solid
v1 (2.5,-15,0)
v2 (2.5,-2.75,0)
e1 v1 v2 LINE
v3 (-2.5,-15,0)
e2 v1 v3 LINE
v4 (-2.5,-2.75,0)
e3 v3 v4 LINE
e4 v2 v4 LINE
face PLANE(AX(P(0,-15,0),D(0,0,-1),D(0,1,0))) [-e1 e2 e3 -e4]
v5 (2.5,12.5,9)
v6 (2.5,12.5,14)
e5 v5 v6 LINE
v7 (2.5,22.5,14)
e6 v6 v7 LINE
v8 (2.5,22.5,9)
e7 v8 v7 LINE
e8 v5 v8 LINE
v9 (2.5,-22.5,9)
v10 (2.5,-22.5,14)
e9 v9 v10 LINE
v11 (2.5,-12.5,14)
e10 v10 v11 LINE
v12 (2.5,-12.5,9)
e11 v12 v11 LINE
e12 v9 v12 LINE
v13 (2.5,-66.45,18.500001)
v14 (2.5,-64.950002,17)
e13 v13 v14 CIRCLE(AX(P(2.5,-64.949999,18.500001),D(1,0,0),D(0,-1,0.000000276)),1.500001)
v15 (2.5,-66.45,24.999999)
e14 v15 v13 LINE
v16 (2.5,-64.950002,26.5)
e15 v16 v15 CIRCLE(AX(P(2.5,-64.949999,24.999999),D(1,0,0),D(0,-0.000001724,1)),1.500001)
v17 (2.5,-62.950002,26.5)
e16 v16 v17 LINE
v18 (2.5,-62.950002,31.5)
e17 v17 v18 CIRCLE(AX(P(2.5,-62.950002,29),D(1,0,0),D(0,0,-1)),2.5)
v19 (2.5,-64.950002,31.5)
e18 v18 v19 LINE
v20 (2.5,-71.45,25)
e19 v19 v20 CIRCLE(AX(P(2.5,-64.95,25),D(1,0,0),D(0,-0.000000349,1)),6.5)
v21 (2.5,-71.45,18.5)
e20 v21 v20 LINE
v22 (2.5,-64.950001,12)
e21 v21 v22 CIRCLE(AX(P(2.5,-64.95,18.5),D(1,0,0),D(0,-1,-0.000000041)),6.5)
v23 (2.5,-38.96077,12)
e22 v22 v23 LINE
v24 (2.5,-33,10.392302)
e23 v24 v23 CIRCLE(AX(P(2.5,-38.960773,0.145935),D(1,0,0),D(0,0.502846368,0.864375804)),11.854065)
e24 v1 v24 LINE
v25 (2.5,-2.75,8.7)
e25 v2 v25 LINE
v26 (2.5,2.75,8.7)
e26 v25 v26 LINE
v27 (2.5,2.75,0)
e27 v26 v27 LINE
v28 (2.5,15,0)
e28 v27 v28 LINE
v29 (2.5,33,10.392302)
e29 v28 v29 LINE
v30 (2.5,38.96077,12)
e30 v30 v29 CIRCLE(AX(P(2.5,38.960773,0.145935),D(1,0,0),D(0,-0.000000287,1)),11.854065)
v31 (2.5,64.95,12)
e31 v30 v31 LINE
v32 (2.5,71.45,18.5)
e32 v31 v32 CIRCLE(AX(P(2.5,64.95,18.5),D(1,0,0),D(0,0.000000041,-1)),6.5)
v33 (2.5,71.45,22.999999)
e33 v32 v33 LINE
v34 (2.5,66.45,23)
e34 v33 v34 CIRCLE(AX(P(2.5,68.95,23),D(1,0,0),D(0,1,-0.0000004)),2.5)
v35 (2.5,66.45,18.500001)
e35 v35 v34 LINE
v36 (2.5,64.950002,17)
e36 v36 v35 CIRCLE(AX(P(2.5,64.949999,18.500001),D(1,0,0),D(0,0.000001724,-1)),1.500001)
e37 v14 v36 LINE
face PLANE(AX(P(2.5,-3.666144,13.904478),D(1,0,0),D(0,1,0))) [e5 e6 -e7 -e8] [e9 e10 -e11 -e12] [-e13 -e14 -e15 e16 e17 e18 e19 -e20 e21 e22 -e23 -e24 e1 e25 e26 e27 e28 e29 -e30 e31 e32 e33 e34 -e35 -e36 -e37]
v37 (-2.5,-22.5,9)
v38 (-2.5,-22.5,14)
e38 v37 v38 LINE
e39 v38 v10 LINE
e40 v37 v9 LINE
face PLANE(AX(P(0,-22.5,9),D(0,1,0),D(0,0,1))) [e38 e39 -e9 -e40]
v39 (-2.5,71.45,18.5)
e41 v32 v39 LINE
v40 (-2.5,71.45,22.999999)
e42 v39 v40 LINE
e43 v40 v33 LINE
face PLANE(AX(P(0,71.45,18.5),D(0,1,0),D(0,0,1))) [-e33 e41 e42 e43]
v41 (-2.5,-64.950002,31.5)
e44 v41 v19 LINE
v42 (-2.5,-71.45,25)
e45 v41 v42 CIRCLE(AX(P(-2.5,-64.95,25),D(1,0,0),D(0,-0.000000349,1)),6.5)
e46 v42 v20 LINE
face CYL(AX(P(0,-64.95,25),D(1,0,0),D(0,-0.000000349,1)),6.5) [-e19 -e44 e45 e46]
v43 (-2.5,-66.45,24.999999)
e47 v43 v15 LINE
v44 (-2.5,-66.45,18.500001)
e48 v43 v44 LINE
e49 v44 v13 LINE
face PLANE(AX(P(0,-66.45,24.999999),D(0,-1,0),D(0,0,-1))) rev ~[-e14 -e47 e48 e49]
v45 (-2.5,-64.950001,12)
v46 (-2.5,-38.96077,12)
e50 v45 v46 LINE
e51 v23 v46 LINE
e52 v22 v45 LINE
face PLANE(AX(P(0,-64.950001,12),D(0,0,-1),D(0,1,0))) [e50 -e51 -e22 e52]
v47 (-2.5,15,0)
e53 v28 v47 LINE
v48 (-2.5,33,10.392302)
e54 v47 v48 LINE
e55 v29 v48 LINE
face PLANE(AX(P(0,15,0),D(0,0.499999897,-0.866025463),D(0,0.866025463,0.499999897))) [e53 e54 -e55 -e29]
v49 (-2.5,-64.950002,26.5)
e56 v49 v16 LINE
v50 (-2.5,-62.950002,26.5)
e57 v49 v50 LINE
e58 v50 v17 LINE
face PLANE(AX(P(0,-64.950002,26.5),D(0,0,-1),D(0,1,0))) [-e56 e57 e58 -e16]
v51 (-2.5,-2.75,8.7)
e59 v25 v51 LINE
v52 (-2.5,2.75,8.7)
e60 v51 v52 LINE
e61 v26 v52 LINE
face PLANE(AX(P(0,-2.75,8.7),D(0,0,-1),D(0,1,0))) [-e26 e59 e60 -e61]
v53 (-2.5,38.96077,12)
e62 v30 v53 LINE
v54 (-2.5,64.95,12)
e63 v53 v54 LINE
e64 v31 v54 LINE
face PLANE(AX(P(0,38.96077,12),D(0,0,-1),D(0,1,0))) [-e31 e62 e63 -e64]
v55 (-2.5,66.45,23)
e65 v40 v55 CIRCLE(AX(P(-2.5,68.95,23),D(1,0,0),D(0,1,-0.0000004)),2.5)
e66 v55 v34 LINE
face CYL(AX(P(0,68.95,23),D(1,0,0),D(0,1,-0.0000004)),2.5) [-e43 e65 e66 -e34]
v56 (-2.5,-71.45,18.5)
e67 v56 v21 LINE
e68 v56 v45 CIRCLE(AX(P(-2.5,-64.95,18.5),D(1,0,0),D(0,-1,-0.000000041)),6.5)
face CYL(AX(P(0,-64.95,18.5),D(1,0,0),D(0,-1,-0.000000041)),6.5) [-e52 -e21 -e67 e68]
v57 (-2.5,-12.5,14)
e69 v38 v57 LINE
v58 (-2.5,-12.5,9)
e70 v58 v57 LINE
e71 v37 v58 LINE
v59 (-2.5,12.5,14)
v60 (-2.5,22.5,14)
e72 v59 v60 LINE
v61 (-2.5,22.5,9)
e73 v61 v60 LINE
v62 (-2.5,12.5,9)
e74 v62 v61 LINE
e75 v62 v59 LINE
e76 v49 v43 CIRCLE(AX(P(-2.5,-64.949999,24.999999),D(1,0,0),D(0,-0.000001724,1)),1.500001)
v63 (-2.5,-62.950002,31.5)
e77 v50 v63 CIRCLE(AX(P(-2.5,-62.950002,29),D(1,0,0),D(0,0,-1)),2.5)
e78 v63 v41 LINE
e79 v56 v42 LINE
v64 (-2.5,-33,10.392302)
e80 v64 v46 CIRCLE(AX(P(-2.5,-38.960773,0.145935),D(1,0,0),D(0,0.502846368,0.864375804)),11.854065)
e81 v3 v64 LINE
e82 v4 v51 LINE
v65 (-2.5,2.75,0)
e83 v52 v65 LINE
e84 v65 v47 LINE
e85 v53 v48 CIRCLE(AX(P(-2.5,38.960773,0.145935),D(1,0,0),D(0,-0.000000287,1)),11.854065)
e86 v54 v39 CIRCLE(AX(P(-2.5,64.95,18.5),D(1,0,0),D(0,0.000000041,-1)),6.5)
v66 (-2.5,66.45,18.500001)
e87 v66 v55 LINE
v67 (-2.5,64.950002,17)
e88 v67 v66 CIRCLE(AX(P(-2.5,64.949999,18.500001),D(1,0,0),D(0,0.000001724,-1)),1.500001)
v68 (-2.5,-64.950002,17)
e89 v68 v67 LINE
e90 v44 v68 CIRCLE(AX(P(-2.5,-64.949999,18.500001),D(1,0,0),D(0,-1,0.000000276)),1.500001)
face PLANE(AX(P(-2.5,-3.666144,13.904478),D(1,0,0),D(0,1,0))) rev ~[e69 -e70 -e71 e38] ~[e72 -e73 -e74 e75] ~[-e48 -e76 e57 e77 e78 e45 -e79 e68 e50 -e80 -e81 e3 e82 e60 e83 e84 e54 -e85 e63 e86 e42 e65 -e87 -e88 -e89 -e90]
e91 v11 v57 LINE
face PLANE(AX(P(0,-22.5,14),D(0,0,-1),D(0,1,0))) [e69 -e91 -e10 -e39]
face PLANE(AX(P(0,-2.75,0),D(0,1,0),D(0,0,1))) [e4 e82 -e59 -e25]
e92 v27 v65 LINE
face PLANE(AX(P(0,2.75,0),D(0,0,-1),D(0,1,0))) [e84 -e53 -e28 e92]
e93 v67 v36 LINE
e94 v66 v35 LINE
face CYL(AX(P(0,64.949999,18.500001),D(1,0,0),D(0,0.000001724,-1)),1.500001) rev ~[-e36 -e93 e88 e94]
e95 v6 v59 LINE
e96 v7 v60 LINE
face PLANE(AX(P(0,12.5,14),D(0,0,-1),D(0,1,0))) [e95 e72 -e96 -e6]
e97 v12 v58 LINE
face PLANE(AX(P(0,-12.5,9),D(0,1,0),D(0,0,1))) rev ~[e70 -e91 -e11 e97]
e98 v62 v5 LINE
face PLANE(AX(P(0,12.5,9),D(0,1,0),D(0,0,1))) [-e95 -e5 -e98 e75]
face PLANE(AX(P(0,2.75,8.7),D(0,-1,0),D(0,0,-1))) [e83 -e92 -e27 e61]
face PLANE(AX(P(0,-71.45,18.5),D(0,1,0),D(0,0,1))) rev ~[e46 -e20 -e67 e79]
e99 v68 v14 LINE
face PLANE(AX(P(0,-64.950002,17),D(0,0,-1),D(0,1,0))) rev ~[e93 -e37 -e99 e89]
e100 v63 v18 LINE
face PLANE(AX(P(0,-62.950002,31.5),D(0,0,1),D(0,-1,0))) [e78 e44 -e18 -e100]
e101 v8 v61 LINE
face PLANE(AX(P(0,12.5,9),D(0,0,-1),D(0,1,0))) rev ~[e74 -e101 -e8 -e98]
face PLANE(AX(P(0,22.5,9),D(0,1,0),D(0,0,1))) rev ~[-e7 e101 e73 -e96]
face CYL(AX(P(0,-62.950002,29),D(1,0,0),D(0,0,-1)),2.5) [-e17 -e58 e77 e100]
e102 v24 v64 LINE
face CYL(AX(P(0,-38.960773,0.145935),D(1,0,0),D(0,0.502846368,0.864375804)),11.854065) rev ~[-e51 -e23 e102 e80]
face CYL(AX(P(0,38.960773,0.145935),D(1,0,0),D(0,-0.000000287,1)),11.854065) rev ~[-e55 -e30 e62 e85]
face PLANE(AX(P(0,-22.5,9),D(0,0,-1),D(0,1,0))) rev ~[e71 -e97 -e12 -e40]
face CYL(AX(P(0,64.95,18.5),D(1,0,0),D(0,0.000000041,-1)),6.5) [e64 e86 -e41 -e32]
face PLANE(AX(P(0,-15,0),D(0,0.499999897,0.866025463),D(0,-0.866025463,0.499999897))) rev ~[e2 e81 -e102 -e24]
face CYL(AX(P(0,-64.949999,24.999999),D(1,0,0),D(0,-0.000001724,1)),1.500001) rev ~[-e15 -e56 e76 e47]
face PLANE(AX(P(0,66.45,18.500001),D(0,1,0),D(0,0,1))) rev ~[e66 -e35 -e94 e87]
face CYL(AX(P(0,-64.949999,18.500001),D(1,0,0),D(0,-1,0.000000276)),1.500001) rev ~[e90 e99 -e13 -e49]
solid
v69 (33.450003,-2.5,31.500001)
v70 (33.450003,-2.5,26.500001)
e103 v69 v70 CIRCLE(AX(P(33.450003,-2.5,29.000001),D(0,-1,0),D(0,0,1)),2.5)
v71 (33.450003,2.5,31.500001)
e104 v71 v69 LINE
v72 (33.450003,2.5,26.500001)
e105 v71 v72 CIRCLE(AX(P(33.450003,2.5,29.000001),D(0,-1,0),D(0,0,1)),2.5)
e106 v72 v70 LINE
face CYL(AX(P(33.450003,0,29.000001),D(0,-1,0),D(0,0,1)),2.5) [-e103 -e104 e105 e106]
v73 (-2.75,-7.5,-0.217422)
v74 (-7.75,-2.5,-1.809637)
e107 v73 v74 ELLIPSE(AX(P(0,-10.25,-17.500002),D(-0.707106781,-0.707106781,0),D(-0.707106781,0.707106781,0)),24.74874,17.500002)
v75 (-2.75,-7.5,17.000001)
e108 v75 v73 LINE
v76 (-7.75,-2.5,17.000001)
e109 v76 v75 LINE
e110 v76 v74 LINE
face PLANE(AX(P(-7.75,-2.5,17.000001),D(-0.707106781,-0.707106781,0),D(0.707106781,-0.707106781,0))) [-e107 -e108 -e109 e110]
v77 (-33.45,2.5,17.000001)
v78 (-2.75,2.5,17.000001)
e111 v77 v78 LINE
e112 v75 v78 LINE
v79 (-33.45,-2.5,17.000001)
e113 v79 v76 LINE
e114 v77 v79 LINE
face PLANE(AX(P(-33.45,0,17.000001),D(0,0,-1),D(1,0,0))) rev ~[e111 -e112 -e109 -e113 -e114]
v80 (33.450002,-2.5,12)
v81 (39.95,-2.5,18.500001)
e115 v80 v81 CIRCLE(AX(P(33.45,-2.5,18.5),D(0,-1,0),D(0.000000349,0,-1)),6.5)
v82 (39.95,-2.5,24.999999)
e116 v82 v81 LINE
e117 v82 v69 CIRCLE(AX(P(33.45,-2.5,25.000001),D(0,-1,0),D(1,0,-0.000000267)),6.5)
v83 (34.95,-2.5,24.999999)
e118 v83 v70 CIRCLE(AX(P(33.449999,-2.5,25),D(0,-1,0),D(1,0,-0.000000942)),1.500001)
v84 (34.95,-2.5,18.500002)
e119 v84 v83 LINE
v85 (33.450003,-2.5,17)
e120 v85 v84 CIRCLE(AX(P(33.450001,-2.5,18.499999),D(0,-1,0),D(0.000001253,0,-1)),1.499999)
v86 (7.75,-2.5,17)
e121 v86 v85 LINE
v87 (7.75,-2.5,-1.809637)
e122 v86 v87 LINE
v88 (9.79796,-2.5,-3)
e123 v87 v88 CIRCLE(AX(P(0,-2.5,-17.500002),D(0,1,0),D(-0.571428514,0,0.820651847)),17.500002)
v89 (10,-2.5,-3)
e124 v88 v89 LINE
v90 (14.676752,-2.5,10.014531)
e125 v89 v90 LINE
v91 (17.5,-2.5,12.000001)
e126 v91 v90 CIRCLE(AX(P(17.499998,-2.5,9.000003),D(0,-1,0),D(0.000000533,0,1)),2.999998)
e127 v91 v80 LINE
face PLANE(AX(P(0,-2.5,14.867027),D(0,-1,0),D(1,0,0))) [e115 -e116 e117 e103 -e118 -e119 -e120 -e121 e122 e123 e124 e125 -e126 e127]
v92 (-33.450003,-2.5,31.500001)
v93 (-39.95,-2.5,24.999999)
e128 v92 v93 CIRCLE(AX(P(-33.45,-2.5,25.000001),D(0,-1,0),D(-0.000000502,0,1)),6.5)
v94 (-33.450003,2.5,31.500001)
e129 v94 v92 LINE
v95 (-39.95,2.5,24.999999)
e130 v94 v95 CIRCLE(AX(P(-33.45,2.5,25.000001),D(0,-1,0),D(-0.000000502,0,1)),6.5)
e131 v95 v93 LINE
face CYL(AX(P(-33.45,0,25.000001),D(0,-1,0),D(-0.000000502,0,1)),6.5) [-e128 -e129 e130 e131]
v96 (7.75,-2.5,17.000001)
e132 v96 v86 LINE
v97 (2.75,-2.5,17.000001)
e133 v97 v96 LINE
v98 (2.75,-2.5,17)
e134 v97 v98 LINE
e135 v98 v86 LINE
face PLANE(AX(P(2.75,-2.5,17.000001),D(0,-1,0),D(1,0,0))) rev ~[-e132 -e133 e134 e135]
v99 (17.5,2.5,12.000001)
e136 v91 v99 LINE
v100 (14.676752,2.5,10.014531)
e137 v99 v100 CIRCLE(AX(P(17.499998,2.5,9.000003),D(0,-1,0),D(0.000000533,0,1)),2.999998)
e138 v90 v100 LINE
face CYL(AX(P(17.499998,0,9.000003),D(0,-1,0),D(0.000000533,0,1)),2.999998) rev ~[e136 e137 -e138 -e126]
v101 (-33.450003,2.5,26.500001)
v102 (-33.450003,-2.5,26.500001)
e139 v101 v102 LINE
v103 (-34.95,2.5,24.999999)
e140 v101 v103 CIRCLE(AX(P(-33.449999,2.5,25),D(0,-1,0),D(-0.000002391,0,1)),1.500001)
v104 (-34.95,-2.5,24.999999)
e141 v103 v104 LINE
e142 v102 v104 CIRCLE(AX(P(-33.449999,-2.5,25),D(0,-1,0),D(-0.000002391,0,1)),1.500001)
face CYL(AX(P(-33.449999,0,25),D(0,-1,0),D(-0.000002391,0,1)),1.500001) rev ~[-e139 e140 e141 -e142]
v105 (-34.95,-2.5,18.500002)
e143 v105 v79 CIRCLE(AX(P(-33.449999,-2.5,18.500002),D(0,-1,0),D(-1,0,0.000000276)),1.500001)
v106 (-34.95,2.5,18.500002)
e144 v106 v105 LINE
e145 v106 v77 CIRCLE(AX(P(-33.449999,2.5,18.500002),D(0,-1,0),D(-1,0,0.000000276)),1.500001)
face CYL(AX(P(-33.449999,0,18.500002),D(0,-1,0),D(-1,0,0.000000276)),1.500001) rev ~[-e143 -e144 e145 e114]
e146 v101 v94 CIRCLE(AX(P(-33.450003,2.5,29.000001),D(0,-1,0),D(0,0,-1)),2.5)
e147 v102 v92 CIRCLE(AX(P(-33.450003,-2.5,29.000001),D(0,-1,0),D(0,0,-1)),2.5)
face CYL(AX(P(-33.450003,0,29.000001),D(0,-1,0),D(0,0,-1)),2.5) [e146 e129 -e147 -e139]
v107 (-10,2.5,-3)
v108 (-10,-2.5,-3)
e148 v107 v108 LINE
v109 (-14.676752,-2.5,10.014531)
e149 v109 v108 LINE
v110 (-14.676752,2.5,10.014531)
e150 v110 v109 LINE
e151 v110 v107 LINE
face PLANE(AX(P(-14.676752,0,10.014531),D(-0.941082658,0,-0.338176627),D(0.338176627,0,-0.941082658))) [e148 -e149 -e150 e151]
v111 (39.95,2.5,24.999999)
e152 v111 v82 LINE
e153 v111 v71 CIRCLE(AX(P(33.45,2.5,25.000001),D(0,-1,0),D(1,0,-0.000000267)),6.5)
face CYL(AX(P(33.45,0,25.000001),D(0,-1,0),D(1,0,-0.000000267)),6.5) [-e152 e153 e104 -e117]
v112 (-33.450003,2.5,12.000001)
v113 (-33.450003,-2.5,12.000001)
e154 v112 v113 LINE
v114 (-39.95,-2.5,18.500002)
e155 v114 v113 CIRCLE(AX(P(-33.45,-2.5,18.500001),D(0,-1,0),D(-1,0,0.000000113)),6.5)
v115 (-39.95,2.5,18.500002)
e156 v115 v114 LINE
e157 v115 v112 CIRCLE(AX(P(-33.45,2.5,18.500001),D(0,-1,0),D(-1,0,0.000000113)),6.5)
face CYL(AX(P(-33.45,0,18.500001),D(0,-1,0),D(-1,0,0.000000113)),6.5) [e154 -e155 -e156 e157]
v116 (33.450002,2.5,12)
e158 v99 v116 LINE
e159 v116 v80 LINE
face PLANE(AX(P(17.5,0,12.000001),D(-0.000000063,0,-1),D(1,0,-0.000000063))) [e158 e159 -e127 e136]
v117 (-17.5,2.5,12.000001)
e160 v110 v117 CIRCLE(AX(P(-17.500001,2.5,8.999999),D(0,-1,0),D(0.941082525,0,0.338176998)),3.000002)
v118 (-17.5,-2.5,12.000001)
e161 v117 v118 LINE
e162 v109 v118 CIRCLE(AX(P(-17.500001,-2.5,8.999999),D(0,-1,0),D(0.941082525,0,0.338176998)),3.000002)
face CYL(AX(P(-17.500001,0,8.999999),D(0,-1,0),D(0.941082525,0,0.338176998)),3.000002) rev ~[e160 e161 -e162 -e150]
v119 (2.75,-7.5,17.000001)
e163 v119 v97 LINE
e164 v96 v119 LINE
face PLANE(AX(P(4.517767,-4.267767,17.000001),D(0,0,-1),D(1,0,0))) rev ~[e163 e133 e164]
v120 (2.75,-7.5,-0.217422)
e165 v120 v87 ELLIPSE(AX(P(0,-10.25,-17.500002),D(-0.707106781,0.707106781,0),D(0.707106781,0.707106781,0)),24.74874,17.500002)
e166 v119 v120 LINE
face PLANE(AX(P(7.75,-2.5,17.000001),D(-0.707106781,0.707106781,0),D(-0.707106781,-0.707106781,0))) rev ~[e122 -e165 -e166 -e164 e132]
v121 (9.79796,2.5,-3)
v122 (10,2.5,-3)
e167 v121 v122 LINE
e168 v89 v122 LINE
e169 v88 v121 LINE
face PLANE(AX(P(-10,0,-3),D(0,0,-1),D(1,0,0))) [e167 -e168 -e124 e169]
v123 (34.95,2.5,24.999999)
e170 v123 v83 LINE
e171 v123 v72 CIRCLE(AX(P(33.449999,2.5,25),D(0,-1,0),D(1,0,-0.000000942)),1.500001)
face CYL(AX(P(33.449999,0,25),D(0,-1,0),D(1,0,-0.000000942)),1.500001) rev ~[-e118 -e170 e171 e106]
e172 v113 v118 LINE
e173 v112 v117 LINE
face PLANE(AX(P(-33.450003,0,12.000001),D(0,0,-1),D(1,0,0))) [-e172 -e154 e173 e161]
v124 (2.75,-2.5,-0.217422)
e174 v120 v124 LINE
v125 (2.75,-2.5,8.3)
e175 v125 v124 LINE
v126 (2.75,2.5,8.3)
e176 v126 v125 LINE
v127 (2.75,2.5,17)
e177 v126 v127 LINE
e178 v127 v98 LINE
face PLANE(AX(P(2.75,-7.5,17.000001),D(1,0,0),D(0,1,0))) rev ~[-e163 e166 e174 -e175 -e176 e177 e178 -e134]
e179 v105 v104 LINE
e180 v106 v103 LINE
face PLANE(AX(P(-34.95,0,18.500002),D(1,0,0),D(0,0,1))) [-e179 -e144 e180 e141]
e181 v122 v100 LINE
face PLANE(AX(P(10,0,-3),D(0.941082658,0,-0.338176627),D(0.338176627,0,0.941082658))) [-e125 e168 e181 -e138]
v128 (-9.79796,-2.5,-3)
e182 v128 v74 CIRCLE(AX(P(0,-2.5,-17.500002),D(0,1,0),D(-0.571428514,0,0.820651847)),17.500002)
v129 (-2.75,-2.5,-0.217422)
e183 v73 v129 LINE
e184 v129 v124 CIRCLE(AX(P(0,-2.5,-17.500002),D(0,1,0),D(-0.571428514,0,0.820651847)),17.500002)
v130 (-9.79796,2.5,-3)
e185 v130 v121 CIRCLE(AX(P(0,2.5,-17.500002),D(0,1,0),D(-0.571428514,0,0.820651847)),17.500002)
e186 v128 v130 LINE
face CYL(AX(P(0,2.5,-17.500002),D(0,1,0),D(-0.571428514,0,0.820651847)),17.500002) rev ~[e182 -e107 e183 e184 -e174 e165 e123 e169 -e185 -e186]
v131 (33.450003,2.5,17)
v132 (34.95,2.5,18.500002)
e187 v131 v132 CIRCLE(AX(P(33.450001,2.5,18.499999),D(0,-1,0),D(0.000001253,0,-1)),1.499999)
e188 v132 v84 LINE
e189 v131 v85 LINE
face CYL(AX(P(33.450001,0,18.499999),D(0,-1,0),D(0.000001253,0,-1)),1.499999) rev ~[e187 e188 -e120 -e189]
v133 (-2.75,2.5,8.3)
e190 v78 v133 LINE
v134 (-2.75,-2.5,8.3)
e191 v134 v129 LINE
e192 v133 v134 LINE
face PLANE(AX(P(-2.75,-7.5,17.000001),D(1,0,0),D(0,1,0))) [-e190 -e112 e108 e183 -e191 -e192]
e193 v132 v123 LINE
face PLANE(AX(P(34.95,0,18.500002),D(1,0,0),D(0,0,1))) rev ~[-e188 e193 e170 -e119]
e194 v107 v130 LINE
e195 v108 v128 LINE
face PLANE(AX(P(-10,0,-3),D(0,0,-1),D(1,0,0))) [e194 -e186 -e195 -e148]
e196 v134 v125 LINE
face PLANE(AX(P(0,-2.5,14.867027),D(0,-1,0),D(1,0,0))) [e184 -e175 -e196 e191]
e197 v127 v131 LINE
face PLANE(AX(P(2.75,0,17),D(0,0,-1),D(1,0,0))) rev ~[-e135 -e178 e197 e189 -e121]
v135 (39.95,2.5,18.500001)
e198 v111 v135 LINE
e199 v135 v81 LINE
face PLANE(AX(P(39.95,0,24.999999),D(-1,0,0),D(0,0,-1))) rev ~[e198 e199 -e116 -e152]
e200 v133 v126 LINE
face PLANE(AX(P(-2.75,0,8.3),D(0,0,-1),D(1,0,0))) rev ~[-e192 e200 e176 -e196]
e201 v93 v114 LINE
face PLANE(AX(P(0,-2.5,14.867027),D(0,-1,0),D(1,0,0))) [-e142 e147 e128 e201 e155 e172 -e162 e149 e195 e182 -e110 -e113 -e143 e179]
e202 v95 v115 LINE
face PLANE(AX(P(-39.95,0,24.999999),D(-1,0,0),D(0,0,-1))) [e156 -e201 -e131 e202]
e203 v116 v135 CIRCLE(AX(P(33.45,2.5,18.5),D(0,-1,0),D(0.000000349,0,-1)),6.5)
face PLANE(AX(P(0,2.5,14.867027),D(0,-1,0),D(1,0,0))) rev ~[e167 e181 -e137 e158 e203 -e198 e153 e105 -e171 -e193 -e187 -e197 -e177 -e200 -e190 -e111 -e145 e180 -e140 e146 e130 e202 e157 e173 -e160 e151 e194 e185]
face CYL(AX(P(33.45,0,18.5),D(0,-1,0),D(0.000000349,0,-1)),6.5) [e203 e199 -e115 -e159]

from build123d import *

# Parameters (mm, degrees)
SKETCH_W     = 10
SKETCH_H     = 5
PAD_DEPTH    = 2.5
PAD001_DEPTH = 2.5
PAD002_DEPTH = 20
POCKET_DEPTH = 10


with BuildPart() as vertical:
    # Sketch → Pad (new body, symmetric)
    with BuildSketch(Plane.YZ):
        with BuildLine():
            Line((71.45, 18.5), (71.45, 22.999999))
            ThreePointArc((71.45, 22.999999), (68.95, 25.5), (66.45, 23))
            Line((66.45, 18.500001), (66.45, 23))
            ThreePointArc((64.950002, 17), (66.010661, 17.439341), (66.45, 18.500001))
            Line((-64.950002, 17), (64.950002, 17))
            ThreePointArc((-66.45, 18.500001), (-66.010661, 17.439341), (-64.950002, 17))
            Line((-66.45, 24.999999), (-66.45, 18.500001))
            ThreePointArc((-64.950002, 26.5), (-66.010661, 26.060659), (-66.45, 24.999999))
            Line((-64.950002, 26.5), (-62.950002, 26.5))
            ThreePointArc((-62.950002, 26.5), (-60.450002, 29), (-62.950002, 31.5))
            Line((-62.950002, 31.5), (-64.950002, 31.5))
            ThreePointArc((-64.950002, 31.5), (-69.546195, 29.596193), (-71.45, 25))
            Line((-71.45, 18.5), (-71.45, 25))
            ThreePointArc((-71.45, 18.5), (-69.546195, 13.903807), (-64.950001, 12))
            Line((-64.950001, 12), (-38.96077, 12))
            ThreePointArc((-33, 10.392302), (-35.873884, 11.59102), (-38.96077, 12))
            Line((-15, 0), (-33, 10.392302))
            Line((-15, 0), (-2.75, 0))
            Line((-2.75, 0), (-2.75, 8.7))
            Line((-2.75, 8.7), (2.75, 8.7))
            Line((2.75, 8.7), (2.75, 0))
            Line((2.75, 0), (15, 0))
            Line((15, 0), (33, 10.392302))
            ThreePointArc((38.96077, 12), (35.873884, 11.59102), (33, 10.392302))
            Line((38.96077, 12), (64.95, 12))
            ThreePointArc((64.95, 12), (69.546194, 13.903806), (71.45, 18.5))
        make_face()
        with Locations((-17.5, 11.5)):
            Rectangle(SKETCH_W, SKETCH_H, mode=Mode.SUBTRACT)
        with Locations((17.5, 11.5)):
            Rectangle(SKETCH_W, SKETCH_H, mode=Mode.SUBTRACT)
    extrude(amount=PAD_DEPTH, both=True)


with BuildPart() as fusion:
    # Sketch001 → Pad001 (new body, symmetric)
    with BuildSketch(Plane.XZ):
        with BuildLine():
            Line((17.5, 12.000001), (33.450002, 12))
            ThreePointArc((33.450002, 12), (38.046195, 13.903807), (39.95, 18.500001))
            Line((39.95, 24.999999), (39.95, 18.500001))
            ThreePointArc((39.95, 24.999999), (38.046196, 29.596193), (33.450003, 31.500001))
            ThreePointArc((33.450003, 31.500001), (30.950003, 29.000001), (33.450003, 26.500001))
            ThreePointArc((34.95, 24.999999), (34.510662, 26.060659), (33.450003, 26.500001))
            Line((34.95, 18.500002), (34.95, 24.999999))
            ThreePointArc((33.450003, 17), (34.510662, 17.439341), (34.95, 18.500002))
            Line((2.75, 17), (33.450003, 17))
            Line((2.75, 8.3), (2.75, 17))
            Line((-2.75, 8.3), (2.75, 8.3))
            Line((-2.75, 17.000001), (-2.75, 8.3))
            Line((-33.45, 17.000001), (-2.75, 17.000001))
            ThreePointArc((-34.95, 18.500002), (-34.51066, 17.439341), (-33.45, 17.000001))
            Line((-34.95, 18.500002), (-34.95, 24.999999))
            ThreePointArc((-33.450003, 26.500001), (-34.510662, 26.060659), (-34.95, 24.999999))
            ThreePointArc((-33.450003, 26.500001), (-30.950003, 29.000001), (-33.450003, 31.500001))
            ThreePointArc((-33.450003, 31.500001), (-38.046196, 29.596193), (-39.95, 24.999999))
            Line((-39.95, 24.999999), (-39.95, 18.500002))
            ThreePointArc((-39.95, 18.500002), (-38.046195, 13.903808), (-33.450003, 12.000001))
            Line((-33.450003, 12.000001), (-17.5, 12.000001))
            ThreePointArc((-14.676752, 10.014531), (-15.774252, 11.453935), (-17.5, 12.000001))
            Line((-14.676752, 10.014531), (-10, -3))
            Line((-10, -3), (10, -3))
            Line((10, -3), (14.676752, 10.014531))
            ThreePointArc((17.5, 12.000001), (15.774252, 11.453936), (14.676752, 10.014531))
        make_face()
    extrude(amount=PAD001_DEPTH, both=True)

    # Sketch002 → Pad002 (new body)
    with BuildSketch(Plane(origin=(0, 0, 17.000001), x_dir=(-1, 0, 0), z_dir=(0, 0, 1))):
        Polygon((-7.75, 2.5), (-2.75, 7.5), (-2.75, 2.5), align=None)
        Polygon((2.75, 7.5), (2.75, 2.5), (7.75, 2.5), align=None)
    extrude(amount=-PAD002_DEPTH)

    # Sketch003 → Pocket (cut)
    with BuildSketch(Plane(origin=(0, 2.5, 0), x_dir=(1, 0, 0), z_dir=(0, 1, 0))):
        with BuildLine():
            ThreePointArc((-10, 3.138593), (0, 0), (10, 3.138593))
            Line((-10, 3.138593), (10, 3.138593))
        make_face()
    extrude(amount=-POCKET_DEPTH, mode=Mode.SUBTRACT)

    # Fusion: union Vertical
    add(vertical.part)


solid = fusion.part
